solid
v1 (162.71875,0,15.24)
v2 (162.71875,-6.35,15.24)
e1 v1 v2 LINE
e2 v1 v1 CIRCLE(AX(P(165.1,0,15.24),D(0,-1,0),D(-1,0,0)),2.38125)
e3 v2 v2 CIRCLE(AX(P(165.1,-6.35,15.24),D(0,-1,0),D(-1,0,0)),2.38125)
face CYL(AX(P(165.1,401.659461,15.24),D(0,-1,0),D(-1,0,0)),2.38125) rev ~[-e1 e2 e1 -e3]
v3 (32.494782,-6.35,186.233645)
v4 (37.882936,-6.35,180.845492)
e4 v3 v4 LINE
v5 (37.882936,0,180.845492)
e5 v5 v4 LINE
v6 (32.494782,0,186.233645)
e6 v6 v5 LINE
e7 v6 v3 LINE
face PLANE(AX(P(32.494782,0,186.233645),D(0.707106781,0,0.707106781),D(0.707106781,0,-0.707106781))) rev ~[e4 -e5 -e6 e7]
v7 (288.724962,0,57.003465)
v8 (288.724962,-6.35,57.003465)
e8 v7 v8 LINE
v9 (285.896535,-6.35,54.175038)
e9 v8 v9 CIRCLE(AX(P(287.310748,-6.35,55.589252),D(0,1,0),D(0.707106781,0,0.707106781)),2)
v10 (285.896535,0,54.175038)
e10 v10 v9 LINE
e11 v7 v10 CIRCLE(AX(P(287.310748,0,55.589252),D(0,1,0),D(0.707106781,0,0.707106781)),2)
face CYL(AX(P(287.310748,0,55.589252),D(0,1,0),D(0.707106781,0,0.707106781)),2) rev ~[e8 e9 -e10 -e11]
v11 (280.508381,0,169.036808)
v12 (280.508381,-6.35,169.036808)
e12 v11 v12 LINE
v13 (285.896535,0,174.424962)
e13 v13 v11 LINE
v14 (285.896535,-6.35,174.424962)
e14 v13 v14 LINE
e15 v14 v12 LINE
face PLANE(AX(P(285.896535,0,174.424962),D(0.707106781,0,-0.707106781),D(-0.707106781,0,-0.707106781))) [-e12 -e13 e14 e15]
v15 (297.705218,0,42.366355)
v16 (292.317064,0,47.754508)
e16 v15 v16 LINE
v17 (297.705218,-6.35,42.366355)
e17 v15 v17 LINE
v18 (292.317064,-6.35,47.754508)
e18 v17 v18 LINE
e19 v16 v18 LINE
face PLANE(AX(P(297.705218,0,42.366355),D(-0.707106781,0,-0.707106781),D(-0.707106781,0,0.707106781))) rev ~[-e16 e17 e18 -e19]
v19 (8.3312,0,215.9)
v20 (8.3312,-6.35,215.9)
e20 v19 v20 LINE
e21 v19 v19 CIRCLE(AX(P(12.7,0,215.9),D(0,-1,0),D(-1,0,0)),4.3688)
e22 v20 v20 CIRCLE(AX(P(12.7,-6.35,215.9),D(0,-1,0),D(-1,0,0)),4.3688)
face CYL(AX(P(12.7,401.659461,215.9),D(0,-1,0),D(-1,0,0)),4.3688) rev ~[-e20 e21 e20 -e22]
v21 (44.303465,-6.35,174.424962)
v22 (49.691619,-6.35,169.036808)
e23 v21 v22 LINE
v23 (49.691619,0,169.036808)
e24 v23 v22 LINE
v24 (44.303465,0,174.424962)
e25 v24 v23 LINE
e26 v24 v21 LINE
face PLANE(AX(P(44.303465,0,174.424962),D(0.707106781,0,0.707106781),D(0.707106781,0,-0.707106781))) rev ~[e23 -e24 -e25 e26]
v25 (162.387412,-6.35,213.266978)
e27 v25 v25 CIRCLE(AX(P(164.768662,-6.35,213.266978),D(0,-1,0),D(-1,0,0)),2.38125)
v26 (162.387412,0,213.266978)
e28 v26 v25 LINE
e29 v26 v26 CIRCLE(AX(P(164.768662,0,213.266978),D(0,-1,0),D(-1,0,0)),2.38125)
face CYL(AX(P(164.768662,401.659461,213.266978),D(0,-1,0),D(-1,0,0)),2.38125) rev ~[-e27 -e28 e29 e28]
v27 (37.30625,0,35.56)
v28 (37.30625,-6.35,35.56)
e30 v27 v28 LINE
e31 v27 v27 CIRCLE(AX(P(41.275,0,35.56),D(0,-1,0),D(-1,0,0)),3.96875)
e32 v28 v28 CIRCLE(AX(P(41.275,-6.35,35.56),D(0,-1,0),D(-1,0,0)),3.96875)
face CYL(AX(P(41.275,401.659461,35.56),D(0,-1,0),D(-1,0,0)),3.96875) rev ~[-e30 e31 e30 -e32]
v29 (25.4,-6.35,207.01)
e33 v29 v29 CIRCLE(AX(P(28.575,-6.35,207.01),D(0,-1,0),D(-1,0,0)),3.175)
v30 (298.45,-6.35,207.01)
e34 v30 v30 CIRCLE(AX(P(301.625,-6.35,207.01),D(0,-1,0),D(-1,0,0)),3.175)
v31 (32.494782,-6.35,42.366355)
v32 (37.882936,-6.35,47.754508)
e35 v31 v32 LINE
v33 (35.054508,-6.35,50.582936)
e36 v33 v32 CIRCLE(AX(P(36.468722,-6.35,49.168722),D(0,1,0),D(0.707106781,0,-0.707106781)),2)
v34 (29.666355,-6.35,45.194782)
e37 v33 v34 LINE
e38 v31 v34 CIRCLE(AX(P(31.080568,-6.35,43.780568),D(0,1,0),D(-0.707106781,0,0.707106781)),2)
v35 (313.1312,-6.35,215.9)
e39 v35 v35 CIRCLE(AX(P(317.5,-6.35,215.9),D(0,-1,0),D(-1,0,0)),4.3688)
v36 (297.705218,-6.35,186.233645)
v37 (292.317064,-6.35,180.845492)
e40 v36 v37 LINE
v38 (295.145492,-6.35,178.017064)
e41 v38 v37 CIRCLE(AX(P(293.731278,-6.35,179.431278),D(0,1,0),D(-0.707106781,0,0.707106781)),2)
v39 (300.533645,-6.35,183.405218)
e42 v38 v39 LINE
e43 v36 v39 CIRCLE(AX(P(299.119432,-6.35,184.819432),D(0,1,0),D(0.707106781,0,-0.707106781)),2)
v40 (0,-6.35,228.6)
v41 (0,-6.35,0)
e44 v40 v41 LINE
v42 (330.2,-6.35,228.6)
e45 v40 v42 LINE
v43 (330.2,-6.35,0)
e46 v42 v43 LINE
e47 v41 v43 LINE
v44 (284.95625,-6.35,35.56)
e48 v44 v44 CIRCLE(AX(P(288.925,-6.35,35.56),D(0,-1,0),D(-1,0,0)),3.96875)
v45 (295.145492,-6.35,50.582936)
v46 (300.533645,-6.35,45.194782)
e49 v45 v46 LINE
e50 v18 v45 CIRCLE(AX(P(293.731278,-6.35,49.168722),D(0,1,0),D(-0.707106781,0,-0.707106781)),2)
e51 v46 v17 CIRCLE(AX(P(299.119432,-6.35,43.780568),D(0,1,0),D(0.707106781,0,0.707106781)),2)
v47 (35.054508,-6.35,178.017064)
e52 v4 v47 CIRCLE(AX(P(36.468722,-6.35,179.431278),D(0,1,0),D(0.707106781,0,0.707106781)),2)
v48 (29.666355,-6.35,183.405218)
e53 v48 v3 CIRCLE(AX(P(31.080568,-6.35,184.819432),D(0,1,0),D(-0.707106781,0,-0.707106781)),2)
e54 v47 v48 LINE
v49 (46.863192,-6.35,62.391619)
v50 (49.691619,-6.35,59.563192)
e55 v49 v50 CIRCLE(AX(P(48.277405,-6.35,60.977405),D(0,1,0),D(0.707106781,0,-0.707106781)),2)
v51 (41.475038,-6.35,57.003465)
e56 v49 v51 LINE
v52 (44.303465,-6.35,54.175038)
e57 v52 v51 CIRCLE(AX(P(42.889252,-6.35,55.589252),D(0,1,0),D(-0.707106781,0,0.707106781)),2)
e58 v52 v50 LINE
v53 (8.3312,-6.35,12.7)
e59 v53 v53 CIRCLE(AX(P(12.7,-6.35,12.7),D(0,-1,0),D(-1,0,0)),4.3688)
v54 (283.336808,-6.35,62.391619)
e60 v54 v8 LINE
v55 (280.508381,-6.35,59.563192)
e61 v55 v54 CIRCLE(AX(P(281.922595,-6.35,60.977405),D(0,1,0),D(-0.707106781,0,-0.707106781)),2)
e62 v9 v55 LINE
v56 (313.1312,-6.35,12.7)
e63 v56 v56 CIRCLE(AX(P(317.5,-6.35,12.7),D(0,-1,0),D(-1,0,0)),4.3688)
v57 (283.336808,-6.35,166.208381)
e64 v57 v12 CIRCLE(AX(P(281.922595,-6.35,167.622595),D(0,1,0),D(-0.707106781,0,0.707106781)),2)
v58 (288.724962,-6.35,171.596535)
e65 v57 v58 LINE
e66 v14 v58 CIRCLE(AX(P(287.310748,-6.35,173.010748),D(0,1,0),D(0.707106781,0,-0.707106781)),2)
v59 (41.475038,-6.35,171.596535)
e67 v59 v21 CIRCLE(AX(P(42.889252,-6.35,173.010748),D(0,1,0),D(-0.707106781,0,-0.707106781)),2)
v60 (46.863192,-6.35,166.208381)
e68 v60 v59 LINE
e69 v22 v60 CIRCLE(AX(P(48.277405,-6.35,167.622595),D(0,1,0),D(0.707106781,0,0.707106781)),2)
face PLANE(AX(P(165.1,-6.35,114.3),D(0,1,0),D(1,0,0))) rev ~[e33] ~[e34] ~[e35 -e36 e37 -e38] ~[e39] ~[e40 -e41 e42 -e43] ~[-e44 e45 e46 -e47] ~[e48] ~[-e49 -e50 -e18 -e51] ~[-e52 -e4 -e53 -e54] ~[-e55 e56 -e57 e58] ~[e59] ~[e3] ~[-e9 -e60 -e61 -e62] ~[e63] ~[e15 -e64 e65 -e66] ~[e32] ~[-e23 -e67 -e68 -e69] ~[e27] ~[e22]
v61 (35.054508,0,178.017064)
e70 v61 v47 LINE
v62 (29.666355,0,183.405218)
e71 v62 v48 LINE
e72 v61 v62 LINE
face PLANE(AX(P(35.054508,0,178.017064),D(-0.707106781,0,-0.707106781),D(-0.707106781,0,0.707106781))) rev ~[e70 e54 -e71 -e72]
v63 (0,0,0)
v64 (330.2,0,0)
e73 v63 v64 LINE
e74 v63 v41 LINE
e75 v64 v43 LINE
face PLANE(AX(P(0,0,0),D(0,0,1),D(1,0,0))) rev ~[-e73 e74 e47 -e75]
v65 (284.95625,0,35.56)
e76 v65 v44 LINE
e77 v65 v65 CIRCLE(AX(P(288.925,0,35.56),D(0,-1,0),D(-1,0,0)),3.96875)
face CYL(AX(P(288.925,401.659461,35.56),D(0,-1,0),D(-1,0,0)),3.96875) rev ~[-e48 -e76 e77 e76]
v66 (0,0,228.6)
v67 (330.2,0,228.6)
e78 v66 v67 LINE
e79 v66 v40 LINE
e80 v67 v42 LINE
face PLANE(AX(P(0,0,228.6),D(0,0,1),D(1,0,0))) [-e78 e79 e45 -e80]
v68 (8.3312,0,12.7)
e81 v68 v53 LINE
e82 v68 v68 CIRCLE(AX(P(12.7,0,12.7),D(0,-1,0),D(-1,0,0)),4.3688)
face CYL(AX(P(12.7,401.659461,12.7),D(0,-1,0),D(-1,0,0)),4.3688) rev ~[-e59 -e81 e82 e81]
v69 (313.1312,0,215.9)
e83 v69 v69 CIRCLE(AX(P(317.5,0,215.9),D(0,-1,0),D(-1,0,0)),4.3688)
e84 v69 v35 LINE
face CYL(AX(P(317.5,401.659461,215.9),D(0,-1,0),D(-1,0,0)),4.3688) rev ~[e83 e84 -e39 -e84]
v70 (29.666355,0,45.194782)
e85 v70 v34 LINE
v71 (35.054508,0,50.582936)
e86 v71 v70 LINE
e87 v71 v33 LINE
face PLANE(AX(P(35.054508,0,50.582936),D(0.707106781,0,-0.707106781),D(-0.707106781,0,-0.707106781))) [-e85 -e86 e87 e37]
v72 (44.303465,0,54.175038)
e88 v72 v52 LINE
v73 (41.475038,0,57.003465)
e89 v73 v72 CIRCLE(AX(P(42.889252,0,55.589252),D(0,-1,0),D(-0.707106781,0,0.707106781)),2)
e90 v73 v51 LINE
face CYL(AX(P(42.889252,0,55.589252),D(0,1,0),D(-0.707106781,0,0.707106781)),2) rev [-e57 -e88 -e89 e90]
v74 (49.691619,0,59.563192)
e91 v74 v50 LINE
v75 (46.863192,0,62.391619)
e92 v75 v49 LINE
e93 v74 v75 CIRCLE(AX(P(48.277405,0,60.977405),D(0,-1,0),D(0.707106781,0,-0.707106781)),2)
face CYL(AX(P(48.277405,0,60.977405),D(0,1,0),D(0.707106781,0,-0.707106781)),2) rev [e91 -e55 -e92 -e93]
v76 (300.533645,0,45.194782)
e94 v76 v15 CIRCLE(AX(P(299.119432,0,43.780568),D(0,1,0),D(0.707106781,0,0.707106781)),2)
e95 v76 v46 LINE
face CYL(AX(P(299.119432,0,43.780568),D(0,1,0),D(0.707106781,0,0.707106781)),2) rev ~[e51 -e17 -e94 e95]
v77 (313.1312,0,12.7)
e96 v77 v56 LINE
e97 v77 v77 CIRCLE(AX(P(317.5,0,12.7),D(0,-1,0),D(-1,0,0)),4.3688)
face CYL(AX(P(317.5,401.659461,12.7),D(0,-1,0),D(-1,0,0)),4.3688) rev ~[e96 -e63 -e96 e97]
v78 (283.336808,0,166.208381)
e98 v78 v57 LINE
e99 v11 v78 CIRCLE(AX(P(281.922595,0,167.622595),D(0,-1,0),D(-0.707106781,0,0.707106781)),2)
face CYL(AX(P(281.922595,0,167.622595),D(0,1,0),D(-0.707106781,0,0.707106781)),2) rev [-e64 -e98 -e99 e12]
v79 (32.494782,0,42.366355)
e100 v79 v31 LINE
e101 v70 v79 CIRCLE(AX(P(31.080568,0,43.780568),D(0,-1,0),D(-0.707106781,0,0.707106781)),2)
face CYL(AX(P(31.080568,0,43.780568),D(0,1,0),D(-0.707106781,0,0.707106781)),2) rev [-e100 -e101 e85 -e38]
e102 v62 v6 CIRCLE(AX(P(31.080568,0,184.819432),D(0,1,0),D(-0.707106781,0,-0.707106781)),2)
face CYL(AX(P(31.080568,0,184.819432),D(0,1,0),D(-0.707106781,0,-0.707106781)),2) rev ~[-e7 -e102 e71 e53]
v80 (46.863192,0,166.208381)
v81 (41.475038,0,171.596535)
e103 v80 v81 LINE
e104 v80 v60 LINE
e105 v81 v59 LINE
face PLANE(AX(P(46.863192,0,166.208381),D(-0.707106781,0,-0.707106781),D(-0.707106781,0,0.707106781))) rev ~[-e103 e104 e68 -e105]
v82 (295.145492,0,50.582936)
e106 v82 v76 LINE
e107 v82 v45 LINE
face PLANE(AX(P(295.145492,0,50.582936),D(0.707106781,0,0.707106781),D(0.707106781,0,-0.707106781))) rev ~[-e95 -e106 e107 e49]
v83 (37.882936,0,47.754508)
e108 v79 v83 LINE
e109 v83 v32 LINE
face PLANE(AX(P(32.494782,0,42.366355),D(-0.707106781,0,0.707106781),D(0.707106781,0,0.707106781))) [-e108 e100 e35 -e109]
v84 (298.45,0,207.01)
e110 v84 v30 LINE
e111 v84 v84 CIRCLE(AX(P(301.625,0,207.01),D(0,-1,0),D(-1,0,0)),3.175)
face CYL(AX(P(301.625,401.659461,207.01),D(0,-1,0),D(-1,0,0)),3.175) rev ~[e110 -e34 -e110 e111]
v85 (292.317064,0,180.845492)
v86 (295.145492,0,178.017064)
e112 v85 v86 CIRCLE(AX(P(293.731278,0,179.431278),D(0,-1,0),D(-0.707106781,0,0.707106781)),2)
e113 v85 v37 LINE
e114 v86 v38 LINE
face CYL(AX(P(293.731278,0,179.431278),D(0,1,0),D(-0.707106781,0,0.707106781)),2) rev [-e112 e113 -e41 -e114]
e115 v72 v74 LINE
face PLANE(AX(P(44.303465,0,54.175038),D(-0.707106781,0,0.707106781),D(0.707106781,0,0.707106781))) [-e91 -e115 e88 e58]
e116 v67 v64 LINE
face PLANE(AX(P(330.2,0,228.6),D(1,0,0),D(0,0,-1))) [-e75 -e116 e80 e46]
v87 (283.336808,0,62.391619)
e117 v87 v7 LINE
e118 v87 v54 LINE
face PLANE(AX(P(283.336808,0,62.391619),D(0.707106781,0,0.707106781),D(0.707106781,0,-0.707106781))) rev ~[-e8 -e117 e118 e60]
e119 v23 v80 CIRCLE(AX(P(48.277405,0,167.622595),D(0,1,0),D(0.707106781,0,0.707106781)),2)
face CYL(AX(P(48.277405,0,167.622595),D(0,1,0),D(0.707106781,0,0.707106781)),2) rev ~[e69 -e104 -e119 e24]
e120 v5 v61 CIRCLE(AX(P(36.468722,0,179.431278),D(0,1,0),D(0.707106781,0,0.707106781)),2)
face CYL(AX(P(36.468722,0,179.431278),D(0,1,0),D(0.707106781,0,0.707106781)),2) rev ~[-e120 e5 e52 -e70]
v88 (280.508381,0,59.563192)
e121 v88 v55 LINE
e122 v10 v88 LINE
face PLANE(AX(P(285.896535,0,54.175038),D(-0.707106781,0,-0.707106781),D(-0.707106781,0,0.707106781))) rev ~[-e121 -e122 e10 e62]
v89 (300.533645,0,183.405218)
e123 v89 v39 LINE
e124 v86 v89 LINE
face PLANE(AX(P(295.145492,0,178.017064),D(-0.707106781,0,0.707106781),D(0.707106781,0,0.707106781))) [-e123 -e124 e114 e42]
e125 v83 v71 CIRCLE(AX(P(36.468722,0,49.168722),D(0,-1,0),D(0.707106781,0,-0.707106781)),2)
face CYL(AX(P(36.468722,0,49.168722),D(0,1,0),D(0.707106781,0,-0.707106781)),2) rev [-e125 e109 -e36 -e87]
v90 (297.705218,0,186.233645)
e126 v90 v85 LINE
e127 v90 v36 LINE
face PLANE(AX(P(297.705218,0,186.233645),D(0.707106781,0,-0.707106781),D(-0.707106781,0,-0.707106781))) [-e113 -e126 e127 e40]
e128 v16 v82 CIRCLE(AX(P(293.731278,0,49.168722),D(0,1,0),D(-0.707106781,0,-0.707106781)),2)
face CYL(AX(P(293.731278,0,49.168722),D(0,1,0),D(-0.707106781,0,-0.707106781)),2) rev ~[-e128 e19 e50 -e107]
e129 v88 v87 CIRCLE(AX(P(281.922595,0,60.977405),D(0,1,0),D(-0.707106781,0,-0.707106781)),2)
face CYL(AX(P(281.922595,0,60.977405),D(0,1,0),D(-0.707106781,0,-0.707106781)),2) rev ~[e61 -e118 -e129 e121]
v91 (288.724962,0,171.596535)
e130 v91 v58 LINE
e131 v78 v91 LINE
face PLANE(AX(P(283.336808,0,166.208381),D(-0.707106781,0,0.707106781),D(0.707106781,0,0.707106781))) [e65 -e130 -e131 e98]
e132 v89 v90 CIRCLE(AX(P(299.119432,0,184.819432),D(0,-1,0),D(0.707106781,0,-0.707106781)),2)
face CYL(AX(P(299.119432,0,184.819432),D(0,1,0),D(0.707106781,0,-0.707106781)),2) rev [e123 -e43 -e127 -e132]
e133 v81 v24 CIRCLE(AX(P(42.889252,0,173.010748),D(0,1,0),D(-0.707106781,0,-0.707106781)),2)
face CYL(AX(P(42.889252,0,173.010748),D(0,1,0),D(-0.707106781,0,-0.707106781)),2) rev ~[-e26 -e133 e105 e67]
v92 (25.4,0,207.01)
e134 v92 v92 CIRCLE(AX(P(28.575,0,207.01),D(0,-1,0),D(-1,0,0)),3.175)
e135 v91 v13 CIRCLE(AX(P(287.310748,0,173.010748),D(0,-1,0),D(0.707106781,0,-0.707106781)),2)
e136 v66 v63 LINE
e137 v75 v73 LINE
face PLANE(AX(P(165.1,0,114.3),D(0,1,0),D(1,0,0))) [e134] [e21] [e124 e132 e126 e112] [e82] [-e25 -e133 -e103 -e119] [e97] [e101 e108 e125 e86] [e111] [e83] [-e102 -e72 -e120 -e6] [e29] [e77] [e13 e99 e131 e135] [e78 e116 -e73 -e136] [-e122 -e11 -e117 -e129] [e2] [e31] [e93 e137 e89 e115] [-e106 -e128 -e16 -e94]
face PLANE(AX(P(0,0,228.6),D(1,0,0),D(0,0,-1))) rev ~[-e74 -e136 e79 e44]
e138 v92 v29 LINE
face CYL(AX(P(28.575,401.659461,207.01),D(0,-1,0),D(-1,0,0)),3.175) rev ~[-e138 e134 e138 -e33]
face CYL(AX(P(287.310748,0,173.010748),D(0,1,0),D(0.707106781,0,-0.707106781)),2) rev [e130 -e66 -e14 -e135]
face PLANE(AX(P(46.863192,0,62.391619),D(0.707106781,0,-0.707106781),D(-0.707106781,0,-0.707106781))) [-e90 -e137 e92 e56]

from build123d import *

# Parameters (mm, degrees)
SKETCH1_W                      = 330.2
SKETCH1_H                      = 228.6
BASE_PLATE_DEPTH               = 6.35
SLOTS_DEPTH                    = 7.35
FEET_CONNECTION_HOLE_D         = 8.7376
F_1_4_0_25_DIAMETER_HOLE1_D    = 6.35
F_5_16_0_3125_DIAMETER_HOLE1_D = 7.9375
ESD_CONNECTION_HOLE_D          = 4.7625


with BuildPart() as part:
    # Sketch1 → base plate (new body)
    with BuildSketch(Plane(origin=(0, 0, 0), x_dir=(1, 0, 0), z_dir=(0, 1, 0))):
        with Locations((165.1, -114.3)):
            Rectangle(SKETCH1_W, SKETCH1_H)
    extrude(amount=-BASE_PLATE_DEPTH)

    # Sketch3 → slots (cut, through all)
    with BuildSketch(Plane(origin=(0, 0, 0), x_dir=(1, 0, 0), z_dir=(0, 1, 0))):
        with BuildLine():
            ThreePointArc((37.882935507, -47.754508291), (37.882935507, -50.582935507), (35.054508291, -50.582935507))
            Line((35.054508291, -50.582935507), (29.666354619, -45.194781834))
            ThreePointArc((29.666354619, -45.194781834), (29.666354619, -42.366354619), (32.494781834, -42.366354619))
            Line((32.494781834, -42.366354619), (37.882935507, -47.754508291))
        make_face()
        with BuildLine():
            Line((297.705218166, -42.366354619), (292.317064493, -47.754508291))
            ThreePointArc((292.317064493, -47.754508291), (292.317064493, -50.582935507), (295.145491709, -50.582935507))
            Line((295.145491709, -50.582935507), (300.533645381, -45.194781834))
            ThreePointArc((300.533645381, -45.194781834), (300.533645381, -42.366354619), (297.705218166, -42.366354619))
        make_face()
        with BuildLine():
            Line((283.336808372, -62.391618843), (288.724962045, -57.00346517))
            ThreePointArc((288.724962045, -57.00346517), (288.724962045, -54.175037955), (285.89653483, -54.175037955))
            Line((285.89653483, -54.175037955), (280.508381157, -59.563191628))
            ThreePointArc((280.508381157, -59.563191628), (280.508381157, -62.391618843), (283.336808372, -62.391618843))
        make_face()
        with BuildLine():
            ThreePointArc((288.724962045, -171.59653483), (288.724962045, -174.424962045), (285.89653483, -174.424962045))
            Line((285.89653483, -174.424962045), (280.508381157, -169.036808372))
            ThreePointArc((280.508381157, -169.036808372), (280.508381157, -166.208381157), (283.336808372, -166.208381157))
            Line((283.336808372, -166.208381157), (288.724962045, -171.59653483))
        make_face()
        with BuildLine():
            ThreePointArc((292.317064493, -180.845491709), (292.317064493, -178.017064493), (295.145491709, -178.017064493))
            Line((295.145491709, -178.017064493), (300.533645381, -183.405218166))
            ThreePointArc((300.533645381, -183.405218166), (300.533645381, -186.233645381), (297.705218166, -186.233645381))
            Line((297.705218166, -186.233645381), (292.317064493, -180.845491709))
        make_face()
        with BuildLine():
            Line((32.494781834, -186.233645381), (37.882935507, -180.845491709))
            ThreePointArc((37.882935507, -180.845491709), (37.882935507, -178.017064493), (35.054508291, -178.017064493))
            Line((35.054508291, -178.017064493), (29.666354619, -183.405218166))
            ThreePointArc((29.666354619, -183.405218166), (29.666354619, -186.233645381), (32.494781834, -186.233645381))
        make_face()
        with BuildLine():
            Line((46.863191628, -166.208381157), (41.475037955, -171.59653483))
            ThreePointArc((41.475037955, -171.59653483), (41.475037955, -174.424962045), (44.30346517, -174.424962045))
            Line((44.30346517, -174.424962045), (49.691618843, -169.036808372))
            ThreePointArc((49.691618843, -169.036808372), (49.691618843, -166.208381157), (46.863191628, -166.208381157))
        make_face()
        with BuildLine():
            Line((46.863191628, -62.391618843), (41.475037955, -57.00346517))
            ThreePointArc((41.475037955, -57.00346517), (41.475037955, -54.175037955), (44.30346517, -54.175037955))
            Line((44.30346517, -54.175037955), (49.691618843, -59.563191628))
            ThreePointArc((49.691618843, -59.563191628), (49.691618843, -62.391618843), (46.863191628, -62.391618843))
        make_face()
    extrude(amount=-SLOTS_DEPTH, mode=Mode.SUBTRACT)

    # Feet connection hole (through all)
    with Locations(Plane(origin=(0, 0, 0), x_dir=(1, 0, 0), z_dir=(0, 1, 0))):
        with Locations((12.7, -215.9), (317.5, -12.7), (317.5, -215.9), (12.7, -12.7)):
            Hole(FEET_CONNECTION_HOLE_D / 2)

    # 1/4 (0.25) Diameter Hole1 (through all)
    with Locations(Plane(origin=(0, 0, 0), x_dir=(1, 0, 0), z_dir=(0, 1, 0))):
        with Locations((28.575, -207.01), (301.625, -207.01)):
            Hole(F_1_4_0_25_DIAMETER_HOLE1_D / 2)

    # 5/16 (0.3125) Diameter Hole1 (through all)
    with Locations(Plane(origin=(0, 0, 0), x_dir=(1, 0, 0), z_dir=(0, 1, 0))):
        with Locations((41.275, -35.56), (288.925, -35.56)):
            Hole(F_5_16_0_3125_DIAMETER_HOLE1_D / 2)

    # ESD Connection hole (through all)
    with Locations(Plane(origin=(0, 0, 0), x_dir=(1, 0, 0), z_dir=(0, 1, 0))):
        with Locations((165.1, -15.24), (164.768662044, -213.266978445)):
            Hole(ESD_CONNECTION_HOLE_D / 2)


solid = part.part
